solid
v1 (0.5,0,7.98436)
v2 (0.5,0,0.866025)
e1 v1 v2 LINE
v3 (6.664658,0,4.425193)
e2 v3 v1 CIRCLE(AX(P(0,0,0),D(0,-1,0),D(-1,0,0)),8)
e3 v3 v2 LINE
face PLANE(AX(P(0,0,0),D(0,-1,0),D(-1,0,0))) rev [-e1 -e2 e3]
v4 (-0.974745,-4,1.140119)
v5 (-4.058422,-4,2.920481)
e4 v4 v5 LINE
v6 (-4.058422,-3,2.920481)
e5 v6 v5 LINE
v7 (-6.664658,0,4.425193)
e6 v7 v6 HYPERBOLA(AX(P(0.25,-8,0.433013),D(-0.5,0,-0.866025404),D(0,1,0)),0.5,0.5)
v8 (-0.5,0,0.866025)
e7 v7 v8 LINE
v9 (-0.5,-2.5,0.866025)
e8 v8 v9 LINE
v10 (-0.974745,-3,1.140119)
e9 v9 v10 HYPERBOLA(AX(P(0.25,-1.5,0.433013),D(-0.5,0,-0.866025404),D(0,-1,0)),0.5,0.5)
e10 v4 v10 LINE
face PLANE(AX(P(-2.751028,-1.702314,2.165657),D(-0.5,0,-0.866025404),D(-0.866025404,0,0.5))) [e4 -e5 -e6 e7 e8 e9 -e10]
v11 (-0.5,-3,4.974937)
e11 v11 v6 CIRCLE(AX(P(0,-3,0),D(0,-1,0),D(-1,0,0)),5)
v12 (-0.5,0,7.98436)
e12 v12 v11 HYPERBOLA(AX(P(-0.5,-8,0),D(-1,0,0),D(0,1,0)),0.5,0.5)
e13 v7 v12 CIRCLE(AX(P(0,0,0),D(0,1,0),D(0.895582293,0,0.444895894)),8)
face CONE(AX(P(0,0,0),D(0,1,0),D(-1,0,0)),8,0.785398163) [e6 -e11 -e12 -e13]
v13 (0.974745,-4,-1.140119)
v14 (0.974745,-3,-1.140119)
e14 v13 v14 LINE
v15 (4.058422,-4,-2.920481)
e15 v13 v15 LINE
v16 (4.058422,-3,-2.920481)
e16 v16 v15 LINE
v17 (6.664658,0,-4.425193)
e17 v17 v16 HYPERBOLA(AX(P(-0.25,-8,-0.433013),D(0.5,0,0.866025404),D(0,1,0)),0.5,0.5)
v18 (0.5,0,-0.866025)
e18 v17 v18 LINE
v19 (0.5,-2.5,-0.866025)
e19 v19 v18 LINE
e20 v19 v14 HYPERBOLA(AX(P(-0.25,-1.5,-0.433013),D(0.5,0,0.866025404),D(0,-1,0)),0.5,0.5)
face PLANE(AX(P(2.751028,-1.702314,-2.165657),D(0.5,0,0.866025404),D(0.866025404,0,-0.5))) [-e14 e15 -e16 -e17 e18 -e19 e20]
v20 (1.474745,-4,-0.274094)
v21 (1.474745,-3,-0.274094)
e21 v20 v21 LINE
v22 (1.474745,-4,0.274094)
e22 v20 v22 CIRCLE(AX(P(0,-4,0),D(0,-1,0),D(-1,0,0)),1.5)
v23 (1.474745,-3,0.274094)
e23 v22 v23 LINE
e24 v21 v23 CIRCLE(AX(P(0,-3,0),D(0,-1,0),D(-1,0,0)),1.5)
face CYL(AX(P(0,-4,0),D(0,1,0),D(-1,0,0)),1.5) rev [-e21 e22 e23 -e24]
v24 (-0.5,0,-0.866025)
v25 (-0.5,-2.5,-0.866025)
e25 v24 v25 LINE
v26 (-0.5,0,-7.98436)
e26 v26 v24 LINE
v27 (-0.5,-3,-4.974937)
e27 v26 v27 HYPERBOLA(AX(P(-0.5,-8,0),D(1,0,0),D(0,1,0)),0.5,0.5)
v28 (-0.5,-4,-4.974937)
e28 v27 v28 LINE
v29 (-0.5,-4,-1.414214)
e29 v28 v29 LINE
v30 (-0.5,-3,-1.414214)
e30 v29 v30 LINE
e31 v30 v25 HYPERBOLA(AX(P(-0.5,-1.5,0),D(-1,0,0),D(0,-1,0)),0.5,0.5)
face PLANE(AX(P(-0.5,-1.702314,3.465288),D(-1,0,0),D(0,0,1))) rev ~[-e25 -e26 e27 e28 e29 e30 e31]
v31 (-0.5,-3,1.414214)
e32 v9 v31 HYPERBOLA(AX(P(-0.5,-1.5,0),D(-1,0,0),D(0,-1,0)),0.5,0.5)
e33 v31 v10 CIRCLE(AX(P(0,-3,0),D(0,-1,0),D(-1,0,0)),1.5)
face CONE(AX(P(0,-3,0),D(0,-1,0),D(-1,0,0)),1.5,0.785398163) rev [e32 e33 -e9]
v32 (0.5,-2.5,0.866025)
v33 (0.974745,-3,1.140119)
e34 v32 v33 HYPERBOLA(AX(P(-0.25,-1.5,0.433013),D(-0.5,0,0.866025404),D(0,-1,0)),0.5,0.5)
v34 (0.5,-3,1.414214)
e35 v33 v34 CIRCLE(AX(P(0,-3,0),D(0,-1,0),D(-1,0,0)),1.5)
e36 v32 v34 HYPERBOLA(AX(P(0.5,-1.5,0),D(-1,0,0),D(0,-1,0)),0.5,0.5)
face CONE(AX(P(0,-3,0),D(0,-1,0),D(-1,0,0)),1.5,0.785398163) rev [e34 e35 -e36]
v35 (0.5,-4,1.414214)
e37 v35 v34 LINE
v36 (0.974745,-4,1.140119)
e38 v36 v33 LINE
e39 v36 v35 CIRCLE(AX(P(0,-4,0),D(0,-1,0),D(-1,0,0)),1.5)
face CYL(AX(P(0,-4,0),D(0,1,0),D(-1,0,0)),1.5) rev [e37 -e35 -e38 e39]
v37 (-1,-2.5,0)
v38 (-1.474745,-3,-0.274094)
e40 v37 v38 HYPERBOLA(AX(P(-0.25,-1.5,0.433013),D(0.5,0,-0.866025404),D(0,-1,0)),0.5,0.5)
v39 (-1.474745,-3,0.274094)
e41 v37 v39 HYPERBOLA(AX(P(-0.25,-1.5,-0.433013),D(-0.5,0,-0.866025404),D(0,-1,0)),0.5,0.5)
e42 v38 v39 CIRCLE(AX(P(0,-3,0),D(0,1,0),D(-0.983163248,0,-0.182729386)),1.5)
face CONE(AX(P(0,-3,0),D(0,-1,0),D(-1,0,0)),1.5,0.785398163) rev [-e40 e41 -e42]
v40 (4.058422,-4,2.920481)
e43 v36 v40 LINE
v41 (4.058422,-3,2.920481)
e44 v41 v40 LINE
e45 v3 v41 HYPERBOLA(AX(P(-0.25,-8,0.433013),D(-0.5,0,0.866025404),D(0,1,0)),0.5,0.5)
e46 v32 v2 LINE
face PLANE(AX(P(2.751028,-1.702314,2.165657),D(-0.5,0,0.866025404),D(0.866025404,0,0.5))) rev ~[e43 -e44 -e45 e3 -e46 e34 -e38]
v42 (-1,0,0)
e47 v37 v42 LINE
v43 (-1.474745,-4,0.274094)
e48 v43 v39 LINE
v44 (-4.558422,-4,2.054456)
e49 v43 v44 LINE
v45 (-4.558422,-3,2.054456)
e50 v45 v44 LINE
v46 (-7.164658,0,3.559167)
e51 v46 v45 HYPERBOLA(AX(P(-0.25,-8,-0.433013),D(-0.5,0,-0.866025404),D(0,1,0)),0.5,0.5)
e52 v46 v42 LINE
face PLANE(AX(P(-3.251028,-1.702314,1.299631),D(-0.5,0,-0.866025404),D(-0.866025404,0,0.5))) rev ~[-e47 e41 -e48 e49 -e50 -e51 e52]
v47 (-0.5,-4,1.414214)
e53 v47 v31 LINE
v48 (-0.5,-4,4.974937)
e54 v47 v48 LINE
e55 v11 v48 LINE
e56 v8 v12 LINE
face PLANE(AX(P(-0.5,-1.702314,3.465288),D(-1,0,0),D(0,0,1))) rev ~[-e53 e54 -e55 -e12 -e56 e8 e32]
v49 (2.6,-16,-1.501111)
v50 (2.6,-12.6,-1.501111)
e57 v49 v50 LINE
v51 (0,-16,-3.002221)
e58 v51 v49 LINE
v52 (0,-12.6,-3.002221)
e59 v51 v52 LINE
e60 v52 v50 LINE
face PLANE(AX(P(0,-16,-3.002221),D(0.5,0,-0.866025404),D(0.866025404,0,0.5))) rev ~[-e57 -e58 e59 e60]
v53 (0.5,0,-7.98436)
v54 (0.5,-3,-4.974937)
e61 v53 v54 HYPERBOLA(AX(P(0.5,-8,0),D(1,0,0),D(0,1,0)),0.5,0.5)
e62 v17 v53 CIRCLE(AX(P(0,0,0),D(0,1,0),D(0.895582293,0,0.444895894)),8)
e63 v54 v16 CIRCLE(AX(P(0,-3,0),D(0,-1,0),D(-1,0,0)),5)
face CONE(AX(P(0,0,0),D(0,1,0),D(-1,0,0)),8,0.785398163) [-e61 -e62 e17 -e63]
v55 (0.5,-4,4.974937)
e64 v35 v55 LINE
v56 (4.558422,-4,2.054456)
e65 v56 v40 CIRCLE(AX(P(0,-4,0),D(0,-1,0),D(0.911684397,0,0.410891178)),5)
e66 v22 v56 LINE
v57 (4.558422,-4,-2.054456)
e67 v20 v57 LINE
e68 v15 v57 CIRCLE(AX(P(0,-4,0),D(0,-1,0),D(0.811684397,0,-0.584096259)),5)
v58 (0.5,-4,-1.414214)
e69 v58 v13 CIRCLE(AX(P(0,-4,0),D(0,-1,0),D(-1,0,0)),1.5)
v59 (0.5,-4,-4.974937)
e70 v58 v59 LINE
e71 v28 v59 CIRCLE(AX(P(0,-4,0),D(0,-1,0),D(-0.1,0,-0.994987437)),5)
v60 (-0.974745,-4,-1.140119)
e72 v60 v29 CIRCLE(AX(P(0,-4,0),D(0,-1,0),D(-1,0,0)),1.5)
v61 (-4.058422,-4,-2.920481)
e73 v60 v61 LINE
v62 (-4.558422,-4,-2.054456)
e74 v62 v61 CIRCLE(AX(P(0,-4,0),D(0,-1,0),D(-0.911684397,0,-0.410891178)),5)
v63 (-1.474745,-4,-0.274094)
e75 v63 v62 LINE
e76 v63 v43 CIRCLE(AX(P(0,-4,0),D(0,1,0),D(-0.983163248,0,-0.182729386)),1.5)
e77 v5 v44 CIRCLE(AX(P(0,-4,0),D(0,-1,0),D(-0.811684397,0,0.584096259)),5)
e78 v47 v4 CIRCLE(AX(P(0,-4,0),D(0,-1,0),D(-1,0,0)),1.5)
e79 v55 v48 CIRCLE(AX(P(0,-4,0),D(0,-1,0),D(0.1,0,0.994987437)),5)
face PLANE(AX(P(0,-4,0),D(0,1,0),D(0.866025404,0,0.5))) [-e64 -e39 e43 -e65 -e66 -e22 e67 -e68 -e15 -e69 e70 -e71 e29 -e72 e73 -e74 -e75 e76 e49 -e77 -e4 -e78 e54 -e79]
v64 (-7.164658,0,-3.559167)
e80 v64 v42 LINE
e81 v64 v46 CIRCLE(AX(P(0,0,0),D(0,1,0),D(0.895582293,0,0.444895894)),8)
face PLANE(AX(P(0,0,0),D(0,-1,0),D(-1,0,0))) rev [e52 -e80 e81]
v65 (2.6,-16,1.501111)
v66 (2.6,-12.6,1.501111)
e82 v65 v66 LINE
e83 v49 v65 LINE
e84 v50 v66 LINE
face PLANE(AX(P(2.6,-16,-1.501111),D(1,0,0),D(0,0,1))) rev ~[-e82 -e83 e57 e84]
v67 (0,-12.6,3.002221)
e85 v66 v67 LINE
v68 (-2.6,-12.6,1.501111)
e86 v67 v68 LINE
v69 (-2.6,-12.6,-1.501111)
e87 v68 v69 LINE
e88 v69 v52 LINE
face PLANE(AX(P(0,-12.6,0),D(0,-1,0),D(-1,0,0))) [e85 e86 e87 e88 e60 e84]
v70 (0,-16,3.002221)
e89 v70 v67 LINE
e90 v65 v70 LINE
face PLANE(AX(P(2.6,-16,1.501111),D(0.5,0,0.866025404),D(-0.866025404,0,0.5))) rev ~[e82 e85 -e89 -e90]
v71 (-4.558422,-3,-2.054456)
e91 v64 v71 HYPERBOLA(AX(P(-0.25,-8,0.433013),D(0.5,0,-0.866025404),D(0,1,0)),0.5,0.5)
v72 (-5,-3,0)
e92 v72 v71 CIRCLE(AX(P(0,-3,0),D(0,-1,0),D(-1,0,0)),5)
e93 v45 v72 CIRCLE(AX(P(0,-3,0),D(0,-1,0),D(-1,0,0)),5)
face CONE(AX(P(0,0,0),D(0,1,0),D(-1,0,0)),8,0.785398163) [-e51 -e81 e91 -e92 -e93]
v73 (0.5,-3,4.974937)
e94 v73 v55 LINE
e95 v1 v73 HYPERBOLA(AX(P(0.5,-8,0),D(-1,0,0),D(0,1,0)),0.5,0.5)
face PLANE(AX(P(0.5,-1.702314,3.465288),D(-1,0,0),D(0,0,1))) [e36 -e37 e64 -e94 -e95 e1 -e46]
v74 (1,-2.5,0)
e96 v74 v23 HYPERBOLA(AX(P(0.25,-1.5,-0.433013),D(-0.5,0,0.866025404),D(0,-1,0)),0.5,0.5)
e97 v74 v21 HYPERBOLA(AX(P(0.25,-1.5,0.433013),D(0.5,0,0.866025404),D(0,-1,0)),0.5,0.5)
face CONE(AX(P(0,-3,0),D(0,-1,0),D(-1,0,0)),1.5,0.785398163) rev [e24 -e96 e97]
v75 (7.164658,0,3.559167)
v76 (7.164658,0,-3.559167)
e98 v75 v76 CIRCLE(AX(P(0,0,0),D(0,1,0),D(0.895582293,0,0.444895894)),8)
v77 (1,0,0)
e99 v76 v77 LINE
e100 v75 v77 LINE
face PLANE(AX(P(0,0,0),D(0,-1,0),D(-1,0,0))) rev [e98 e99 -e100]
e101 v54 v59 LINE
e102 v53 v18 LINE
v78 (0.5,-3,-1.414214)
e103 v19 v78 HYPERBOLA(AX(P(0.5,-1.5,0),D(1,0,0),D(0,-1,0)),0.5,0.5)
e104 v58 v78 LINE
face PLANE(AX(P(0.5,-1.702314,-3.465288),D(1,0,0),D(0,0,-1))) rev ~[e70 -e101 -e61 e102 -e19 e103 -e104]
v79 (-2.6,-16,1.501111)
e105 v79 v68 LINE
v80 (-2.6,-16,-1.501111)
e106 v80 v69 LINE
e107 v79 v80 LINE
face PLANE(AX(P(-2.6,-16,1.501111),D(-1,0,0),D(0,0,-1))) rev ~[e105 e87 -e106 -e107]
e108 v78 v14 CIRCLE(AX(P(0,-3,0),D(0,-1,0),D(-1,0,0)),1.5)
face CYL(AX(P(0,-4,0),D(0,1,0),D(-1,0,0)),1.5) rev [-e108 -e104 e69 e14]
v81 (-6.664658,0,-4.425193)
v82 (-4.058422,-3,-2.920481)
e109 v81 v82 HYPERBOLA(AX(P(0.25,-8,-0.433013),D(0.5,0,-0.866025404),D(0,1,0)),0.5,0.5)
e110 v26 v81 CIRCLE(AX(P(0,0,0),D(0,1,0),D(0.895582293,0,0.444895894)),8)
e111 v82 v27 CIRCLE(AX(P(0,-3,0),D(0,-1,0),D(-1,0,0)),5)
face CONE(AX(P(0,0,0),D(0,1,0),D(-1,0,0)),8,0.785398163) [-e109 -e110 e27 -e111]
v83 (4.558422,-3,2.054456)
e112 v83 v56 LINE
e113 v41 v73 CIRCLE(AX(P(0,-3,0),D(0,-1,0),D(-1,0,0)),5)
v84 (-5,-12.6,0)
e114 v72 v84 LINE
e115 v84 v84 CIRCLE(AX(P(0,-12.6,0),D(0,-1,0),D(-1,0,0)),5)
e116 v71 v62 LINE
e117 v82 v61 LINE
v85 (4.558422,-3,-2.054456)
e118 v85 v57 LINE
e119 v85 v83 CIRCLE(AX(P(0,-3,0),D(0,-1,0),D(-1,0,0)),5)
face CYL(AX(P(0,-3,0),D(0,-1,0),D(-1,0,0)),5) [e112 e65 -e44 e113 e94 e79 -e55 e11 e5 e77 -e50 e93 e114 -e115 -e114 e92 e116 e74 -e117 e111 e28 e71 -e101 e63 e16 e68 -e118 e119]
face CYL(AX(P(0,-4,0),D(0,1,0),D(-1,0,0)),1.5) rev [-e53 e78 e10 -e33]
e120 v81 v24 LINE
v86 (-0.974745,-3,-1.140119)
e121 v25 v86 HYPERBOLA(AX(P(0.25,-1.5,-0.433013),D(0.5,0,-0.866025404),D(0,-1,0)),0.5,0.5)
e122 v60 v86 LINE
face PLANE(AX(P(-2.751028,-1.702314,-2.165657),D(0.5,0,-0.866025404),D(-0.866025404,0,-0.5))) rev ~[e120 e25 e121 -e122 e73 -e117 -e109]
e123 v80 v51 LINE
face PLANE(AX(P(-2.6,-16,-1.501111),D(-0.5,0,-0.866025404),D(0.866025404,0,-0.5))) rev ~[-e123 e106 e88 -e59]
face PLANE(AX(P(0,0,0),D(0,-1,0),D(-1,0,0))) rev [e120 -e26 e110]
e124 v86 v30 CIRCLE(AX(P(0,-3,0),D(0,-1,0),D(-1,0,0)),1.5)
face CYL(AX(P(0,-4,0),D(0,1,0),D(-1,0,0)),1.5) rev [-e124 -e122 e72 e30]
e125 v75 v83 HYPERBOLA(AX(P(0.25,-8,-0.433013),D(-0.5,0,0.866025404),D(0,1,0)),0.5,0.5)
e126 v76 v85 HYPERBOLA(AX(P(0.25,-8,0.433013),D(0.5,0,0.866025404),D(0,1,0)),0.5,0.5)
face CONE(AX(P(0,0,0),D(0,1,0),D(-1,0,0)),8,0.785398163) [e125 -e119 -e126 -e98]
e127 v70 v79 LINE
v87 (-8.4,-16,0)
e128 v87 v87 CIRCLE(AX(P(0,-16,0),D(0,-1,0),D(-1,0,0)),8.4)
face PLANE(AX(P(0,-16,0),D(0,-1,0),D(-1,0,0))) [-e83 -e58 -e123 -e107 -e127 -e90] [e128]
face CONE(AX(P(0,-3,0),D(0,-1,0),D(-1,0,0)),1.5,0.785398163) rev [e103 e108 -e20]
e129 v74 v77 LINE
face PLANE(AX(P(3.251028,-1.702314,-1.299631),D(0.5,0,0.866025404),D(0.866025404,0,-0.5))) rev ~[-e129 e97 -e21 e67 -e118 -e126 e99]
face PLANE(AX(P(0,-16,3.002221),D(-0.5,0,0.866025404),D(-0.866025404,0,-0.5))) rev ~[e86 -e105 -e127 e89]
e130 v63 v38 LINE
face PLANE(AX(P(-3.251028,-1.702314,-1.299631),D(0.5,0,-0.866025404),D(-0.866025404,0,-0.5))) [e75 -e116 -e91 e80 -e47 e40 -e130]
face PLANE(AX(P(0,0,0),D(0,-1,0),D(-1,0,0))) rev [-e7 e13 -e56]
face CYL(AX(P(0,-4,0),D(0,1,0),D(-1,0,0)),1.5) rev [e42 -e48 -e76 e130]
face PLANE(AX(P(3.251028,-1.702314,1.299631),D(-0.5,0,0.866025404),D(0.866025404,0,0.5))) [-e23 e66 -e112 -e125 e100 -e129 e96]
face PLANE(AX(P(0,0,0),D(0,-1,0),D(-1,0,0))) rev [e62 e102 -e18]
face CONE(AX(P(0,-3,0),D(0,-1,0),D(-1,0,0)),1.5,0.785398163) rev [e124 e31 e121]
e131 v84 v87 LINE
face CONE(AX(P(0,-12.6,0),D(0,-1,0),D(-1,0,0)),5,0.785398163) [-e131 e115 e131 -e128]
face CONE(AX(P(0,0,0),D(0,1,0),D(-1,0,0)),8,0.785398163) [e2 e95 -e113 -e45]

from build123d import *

# Parameters (mm, degrees)
SKETCH_2_R               = 10
EXTRUDE_1_DEPTH          = 3.4
SKETCH_5_W               = 5
SKETCH_5_H               = 8.6
CUT_EXTRUDE_1_DEPTH      = 0.5
PATTERN_CIRCULAR_1_COUNT = 6


with BuildPart() as part:
    # 草图2 → 凸台-拉伸1 (new body)
    with BuildSketch(Plane(origin=(0, -16, 0), x_dir=(-1, 0, 0), z_dir=(0, -1, 0))):
        Circle(SKETCH_2_R)
        Polygon((0, 3.0022214), (-2.6, 1.5011107), (-2.6, -1.5011107), (0, -3.0022214), (2.6, -1.5011107), (2.6, 1.5011107), align=None, mode=Mode.SUBTRACT)
    extrude(amount=-EXTRUDE_1_DEPTH)

    # 草图5 → 旋转1 (revolve)
    with BuildSketch(Plane.XY):
        with Locations((-2.5, -8.3)):
            Rectangle(SKETCH_5_W, SKETCH_5_H)
    revolve(axis=Axis((0, 22.928075319, 0), (0, -1, 0)))

    # 草图6 → 切除-旋转1 (revolve, cut)
    with BuildSketch(Plane.XY):
        Polygon((-5, -12.6), (-10, -17.6), (-10, -12.6), align=None)
    revolve(axis=Axis((0, 0, 0), (0, -1, 0)), mode=Mode.SUBTRACT)

    # 草图7 → 旋转2 (revolve)
    with BuildSketch(Plane.XY):
        Polygon((-5, -4), (0, -4), (0, 0), (-8, 0), (-5, -3), align=None)
    revolve(axis=Axis((0, 2.901504441, 0), (0, -1, 0)))

    # 草图8 → 切除-拉伸1 (cut, symmetric)
    with BuildSketch(Plane(origin=(0, 0, 0), x_dir=(0, 0, -1), z_dir=(1, 0, 0))):
        Polygon((-5, -3), (-8, 0), (0, 0), (0, -4), (-5, -4), align=None)
    cut_extrude_1 = extrude(amount=CUT_EXTRUDE_1_DEPTH, both=True, mode=Mode.SUBTRACT)

    # 阵列(圆周)1: 切除-拉伸1 ×6 about axis
    pattern_circular_1_axis = Axis((0, 0, 0), (0, 1, 0))
    for i in range(1, PATTERN_CIRCULAR_1_COUNT):
        add(cut_extrude_1.rotate(pattern_circular_1_axis, i * 360 / PATTERN_CIRCULAR_1_COUNT), mode=Mode.SUBTRACT)

    # 草图9 → 切除-旋转3 (revolve, cut)
    with BuildSketch(Plane.XY):
        Polygon((0, -4), (-1.5, -4), (-1.5, -3), (0, -1.5), align=None)
    revolve(axis=Axis((0, 4.48946261, 0), (0, -1, 0)), mode=Mode.SUBTRACT)


solid = part.part
